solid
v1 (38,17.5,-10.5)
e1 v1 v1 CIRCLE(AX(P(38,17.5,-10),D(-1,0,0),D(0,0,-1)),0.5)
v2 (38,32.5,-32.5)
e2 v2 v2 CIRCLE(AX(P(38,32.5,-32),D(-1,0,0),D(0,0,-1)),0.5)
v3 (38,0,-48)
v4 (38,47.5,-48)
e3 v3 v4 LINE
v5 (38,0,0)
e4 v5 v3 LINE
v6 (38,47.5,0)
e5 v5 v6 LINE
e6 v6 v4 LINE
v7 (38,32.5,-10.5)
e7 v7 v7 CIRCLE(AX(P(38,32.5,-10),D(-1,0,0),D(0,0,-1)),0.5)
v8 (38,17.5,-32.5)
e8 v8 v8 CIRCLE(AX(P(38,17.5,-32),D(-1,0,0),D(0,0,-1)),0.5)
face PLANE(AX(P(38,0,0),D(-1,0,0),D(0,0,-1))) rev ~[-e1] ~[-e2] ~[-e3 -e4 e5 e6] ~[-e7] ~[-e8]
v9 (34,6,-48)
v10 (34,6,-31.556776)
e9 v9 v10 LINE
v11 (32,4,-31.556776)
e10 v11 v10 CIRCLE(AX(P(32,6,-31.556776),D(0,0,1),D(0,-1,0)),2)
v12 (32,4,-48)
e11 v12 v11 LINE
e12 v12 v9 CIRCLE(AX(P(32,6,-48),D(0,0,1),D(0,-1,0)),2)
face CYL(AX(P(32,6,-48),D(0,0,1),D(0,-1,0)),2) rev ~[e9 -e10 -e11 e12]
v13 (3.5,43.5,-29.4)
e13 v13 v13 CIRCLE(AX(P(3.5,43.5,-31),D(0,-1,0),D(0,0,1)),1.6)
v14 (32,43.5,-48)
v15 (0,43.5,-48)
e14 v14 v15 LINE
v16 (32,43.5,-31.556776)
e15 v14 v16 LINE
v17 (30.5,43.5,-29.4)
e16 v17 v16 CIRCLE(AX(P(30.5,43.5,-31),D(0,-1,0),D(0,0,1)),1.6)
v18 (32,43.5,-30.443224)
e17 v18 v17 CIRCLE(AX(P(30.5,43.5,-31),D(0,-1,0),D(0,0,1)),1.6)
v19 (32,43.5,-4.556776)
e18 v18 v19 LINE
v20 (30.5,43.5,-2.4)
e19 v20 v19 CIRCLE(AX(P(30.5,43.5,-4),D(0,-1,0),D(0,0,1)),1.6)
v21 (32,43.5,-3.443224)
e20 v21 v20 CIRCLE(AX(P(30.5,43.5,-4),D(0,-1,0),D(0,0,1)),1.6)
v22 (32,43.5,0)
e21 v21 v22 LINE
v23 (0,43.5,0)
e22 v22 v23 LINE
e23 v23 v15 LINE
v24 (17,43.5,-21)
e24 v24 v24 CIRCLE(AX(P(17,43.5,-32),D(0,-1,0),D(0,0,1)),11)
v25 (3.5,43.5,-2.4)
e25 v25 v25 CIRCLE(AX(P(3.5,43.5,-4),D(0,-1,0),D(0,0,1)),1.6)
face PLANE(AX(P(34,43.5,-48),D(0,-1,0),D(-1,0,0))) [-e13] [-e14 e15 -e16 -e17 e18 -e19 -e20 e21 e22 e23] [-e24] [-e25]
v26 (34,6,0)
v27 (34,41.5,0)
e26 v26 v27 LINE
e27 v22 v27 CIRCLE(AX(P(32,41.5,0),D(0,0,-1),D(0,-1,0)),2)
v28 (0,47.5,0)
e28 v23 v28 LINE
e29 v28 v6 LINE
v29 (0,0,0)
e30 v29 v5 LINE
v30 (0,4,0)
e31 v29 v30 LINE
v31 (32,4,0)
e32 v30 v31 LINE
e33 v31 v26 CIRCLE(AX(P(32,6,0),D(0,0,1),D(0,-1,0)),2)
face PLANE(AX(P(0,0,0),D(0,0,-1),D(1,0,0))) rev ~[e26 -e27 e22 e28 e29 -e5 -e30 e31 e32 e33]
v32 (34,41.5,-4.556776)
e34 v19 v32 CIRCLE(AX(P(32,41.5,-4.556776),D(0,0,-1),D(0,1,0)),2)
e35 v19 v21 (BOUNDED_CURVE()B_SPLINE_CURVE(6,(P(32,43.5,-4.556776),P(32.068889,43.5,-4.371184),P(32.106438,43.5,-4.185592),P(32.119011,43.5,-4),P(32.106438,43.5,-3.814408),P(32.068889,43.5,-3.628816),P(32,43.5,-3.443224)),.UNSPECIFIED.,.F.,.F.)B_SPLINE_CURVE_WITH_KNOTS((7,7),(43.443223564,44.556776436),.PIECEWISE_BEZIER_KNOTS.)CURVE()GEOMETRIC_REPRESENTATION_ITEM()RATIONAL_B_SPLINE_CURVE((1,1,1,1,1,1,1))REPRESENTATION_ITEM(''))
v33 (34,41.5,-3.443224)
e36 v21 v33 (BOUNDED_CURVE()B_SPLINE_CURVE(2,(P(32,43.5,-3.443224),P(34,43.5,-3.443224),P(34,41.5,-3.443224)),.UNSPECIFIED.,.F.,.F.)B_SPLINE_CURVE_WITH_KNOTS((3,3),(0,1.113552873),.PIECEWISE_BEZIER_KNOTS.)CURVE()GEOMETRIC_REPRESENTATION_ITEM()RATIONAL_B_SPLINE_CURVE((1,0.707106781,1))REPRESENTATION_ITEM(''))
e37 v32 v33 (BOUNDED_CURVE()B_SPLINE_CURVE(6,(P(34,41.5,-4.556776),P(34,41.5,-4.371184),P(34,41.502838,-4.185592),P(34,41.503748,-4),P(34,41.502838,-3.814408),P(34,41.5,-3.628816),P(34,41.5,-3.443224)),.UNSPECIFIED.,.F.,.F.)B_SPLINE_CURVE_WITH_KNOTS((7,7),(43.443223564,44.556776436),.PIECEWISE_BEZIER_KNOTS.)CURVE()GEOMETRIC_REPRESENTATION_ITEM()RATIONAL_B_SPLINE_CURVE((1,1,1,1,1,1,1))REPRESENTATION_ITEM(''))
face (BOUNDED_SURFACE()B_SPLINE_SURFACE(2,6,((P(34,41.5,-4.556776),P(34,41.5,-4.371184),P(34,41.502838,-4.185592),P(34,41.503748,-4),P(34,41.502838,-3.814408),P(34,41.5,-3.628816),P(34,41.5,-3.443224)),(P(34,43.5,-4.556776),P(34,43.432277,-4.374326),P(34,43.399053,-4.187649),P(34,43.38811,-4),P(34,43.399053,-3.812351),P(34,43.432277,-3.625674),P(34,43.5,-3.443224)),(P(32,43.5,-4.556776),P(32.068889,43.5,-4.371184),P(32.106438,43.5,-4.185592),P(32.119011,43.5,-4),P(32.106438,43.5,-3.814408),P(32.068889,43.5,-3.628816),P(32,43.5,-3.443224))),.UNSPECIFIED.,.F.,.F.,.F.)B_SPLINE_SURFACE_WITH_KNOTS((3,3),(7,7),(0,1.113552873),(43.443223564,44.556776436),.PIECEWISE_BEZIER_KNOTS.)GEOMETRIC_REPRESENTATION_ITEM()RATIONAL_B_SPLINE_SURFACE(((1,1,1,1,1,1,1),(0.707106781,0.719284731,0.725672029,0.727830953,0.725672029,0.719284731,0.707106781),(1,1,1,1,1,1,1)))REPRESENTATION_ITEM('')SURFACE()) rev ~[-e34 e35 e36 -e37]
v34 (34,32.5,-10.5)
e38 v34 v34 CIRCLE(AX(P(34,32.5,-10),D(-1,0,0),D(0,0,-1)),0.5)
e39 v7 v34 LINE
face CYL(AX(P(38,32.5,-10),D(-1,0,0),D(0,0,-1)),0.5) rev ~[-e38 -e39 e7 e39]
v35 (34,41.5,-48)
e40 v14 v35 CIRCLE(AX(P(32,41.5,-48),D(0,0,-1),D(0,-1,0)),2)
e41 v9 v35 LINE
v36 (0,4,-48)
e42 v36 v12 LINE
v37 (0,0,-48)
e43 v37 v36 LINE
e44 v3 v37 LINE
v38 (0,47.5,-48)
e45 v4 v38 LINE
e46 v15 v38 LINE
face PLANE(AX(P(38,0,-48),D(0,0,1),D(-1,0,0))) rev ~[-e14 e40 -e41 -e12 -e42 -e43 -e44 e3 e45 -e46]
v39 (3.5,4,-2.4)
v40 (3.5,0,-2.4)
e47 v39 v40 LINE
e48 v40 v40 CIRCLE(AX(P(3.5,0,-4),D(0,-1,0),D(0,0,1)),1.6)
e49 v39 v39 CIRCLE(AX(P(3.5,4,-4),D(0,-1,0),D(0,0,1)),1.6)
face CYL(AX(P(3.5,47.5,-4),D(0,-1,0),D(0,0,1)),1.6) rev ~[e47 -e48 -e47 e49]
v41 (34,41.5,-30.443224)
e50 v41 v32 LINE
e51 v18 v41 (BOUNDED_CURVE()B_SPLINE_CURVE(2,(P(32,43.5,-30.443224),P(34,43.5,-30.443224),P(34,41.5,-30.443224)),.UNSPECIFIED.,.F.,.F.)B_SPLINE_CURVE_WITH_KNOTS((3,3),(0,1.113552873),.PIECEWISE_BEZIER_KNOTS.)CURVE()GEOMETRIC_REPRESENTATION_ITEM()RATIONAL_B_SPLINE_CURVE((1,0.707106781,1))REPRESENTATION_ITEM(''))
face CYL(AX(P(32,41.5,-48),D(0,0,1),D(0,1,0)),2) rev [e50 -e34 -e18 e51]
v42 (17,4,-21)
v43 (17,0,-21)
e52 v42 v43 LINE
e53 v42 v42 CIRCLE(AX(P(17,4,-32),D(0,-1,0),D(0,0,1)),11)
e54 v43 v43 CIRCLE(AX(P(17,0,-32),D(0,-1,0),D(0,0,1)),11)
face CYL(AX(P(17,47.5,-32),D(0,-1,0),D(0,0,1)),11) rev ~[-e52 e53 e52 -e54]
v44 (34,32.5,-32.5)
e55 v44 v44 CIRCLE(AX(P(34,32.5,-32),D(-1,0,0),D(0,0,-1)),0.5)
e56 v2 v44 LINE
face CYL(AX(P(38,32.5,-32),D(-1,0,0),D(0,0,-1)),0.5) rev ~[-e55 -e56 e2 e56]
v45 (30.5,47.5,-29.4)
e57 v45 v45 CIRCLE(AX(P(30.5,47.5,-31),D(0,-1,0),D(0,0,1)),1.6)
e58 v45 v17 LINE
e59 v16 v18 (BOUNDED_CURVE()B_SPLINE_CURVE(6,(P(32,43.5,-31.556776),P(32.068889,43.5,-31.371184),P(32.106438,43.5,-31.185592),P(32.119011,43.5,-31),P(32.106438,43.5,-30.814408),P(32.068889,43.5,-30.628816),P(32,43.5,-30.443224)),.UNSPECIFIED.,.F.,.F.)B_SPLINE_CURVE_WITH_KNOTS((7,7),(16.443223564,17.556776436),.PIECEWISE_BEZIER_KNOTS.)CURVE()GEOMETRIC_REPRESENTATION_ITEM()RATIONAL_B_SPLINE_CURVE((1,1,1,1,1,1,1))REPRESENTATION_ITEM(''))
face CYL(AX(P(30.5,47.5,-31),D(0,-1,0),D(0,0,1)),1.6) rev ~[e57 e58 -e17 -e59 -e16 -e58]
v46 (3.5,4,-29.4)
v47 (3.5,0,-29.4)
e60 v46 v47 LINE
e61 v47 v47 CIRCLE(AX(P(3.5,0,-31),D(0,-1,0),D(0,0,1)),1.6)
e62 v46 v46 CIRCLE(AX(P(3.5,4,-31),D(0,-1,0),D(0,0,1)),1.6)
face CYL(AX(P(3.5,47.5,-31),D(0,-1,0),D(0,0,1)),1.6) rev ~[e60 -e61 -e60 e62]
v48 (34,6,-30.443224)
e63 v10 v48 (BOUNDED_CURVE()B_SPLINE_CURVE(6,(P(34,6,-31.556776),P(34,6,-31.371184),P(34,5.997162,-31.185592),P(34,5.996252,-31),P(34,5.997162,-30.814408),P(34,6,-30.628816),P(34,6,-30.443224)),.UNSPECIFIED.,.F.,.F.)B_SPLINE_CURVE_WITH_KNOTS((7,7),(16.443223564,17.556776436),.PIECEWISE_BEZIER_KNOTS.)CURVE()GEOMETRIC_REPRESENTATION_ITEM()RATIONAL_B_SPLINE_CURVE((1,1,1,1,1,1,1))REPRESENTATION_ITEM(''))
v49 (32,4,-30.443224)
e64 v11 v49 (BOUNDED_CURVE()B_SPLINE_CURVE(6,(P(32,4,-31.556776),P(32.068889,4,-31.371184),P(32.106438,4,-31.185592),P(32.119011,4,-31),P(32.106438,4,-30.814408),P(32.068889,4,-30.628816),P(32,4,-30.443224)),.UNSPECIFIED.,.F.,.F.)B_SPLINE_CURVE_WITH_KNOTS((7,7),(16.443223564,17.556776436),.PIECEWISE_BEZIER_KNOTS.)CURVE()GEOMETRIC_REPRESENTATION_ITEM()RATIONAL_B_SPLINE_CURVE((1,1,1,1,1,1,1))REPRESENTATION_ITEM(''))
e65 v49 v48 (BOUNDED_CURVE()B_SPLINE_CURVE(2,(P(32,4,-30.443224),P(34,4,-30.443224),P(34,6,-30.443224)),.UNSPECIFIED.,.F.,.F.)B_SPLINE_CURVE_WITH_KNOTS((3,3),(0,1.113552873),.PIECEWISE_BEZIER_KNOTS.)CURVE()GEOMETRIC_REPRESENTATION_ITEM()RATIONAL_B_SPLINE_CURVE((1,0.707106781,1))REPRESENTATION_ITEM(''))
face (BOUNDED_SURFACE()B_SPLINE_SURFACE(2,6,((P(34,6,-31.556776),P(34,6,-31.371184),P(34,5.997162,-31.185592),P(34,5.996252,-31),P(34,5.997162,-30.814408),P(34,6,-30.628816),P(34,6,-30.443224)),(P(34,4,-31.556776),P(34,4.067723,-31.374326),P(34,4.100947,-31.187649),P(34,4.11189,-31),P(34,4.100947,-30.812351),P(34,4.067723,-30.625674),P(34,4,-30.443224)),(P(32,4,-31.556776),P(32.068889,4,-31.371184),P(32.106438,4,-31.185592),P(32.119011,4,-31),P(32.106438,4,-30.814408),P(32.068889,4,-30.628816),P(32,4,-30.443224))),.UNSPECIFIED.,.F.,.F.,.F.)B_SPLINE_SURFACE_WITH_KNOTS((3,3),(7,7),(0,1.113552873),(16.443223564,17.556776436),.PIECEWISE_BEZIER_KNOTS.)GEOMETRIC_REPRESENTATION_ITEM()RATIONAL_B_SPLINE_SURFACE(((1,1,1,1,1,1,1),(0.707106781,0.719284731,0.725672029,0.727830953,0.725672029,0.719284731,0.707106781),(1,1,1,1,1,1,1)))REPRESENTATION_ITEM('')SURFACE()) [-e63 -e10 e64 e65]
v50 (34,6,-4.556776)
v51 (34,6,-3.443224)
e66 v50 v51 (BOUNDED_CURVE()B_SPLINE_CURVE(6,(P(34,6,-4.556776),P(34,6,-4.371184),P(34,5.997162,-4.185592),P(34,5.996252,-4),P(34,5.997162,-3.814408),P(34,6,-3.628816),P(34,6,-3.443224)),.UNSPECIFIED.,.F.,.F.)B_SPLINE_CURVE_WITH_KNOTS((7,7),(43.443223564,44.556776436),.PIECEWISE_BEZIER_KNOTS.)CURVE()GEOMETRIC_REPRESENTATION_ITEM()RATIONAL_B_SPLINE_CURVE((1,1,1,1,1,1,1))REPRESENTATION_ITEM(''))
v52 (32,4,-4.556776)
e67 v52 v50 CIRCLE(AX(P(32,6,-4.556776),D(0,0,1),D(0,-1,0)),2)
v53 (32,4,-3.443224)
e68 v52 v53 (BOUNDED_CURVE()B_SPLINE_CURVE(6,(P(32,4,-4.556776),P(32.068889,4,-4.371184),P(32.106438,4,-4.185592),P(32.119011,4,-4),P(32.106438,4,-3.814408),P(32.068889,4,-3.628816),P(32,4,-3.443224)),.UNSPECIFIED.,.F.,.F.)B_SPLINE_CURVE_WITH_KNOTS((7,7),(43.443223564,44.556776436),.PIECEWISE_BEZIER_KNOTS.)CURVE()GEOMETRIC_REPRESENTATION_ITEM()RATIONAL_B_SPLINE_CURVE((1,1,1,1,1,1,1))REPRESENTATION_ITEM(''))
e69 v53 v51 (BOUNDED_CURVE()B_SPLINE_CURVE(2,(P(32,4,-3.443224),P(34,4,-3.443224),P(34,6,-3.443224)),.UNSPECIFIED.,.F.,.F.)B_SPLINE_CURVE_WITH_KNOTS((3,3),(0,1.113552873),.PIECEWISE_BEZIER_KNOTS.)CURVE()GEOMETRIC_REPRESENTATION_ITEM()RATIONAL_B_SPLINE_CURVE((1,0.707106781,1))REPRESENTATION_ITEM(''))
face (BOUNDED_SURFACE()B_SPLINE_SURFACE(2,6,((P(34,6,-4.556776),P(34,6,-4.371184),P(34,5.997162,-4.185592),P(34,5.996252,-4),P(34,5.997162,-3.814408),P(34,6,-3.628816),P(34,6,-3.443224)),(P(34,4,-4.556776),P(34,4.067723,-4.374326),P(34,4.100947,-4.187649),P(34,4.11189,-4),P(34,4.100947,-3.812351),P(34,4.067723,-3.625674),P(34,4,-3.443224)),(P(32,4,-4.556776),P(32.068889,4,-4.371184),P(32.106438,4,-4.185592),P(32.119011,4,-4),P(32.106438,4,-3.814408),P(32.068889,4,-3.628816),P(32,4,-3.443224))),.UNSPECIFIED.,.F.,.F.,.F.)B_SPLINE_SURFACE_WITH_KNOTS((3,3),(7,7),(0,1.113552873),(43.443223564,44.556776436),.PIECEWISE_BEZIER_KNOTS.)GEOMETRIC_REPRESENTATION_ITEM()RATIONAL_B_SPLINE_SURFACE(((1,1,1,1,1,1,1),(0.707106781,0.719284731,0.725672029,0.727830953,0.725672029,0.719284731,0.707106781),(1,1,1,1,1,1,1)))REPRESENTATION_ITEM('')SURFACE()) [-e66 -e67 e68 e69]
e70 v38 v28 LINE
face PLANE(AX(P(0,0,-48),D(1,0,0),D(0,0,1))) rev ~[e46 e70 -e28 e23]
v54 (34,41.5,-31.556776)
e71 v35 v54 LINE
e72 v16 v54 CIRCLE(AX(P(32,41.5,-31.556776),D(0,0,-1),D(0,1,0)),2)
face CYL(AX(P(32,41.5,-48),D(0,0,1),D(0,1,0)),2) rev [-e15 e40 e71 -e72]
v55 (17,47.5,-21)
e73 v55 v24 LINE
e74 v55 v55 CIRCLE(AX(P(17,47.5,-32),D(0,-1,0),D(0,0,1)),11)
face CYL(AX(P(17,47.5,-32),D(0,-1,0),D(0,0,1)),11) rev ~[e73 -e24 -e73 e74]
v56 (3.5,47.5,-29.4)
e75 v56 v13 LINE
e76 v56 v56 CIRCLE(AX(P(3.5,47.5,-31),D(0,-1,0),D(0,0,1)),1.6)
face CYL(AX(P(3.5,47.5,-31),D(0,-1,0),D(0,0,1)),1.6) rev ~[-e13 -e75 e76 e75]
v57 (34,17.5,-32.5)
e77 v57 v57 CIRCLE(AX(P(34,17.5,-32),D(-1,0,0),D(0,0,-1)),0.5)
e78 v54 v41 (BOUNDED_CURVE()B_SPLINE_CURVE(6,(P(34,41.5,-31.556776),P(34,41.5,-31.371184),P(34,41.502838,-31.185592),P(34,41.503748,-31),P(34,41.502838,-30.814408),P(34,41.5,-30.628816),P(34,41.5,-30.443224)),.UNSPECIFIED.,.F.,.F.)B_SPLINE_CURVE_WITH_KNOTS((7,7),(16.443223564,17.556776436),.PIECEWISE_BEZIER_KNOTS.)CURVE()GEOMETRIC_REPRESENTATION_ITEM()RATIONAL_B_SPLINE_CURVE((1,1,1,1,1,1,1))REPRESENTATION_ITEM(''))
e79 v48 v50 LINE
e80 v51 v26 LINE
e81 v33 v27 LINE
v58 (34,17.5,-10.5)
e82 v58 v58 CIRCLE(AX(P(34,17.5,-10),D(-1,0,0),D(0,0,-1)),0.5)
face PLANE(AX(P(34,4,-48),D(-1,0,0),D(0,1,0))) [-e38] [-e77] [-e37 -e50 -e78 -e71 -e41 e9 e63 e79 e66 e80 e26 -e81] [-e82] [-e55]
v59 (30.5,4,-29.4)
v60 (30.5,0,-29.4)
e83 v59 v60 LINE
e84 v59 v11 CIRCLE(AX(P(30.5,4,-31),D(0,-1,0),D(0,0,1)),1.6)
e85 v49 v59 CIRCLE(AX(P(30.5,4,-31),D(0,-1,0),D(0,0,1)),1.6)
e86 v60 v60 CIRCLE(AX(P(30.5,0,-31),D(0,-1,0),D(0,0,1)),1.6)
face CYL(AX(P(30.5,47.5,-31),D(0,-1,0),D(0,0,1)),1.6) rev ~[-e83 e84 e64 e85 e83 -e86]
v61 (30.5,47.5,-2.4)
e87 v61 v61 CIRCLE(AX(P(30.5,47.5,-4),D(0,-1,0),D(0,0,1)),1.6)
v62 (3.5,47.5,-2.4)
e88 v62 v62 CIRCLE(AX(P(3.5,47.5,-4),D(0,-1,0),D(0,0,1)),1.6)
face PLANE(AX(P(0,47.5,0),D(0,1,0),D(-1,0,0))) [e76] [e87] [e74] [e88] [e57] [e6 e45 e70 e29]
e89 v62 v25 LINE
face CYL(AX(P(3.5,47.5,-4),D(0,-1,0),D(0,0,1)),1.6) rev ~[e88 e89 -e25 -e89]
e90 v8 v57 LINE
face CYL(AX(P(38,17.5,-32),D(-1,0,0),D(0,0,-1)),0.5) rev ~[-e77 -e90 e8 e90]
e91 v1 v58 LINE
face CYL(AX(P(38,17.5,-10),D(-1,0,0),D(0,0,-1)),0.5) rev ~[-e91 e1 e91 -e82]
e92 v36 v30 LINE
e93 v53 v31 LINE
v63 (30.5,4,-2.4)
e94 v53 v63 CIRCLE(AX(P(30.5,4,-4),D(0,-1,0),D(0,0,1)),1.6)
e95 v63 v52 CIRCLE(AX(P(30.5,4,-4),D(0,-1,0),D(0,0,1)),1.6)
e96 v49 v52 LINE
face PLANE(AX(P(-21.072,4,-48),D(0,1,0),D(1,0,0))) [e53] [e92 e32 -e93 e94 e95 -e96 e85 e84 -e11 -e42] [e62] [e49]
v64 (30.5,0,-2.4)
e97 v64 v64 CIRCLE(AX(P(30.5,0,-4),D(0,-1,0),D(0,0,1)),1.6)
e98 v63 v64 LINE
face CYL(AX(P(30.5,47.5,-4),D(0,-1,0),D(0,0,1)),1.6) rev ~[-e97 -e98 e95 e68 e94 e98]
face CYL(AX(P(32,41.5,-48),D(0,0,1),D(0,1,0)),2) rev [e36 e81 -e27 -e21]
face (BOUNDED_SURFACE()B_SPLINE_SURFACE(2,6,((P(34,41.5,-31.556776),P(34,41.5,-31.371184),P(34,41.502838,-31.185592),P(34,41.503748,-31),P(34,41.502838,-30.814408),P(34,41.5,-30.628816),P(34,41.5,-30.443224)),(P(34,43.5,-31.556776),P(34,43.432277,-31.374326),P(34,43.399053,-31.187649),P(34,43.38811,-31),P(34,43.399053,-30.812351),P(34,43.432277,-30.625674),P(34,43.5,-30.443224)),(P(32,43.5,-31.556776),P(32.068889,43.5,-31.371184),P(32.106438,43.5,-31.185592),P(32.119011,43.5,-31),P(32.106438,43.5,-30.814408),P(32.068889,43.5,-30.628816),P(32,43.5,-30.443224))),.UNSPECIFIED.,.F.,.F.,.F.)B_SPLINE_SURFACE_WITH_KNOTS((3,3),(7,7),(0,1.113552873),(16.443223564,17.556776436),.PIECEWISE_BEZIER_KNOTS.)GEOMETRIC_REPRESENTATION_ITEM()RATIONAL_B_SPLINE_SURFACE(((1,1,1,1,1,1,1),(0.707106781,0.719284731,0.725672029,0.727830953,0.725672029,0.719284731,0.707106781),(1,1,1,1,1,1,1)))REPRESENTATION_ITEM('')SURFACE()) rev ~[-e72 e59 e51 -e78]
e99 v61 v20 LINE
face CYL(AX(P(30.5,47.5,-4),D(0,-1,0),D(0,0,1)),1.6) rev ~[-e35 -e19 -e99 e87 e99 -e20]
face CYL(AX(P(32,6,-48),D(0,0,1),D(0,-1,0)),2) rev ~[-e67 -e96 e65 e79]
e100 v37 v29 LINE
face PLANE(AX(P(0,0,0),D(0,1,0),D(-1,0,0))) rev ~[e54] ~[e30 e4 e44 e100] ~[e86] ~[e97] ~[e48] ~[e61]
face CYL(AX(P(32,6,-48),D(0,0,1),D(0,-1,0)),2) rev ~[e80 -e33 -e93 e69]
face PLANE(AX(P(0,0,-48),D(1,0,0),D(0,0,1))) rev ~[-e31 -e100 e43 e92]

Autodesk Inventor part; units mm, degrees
ref_plane "YZ Plane" through (0, 0, 0) normal (1, 0, 0) x (0, 1, 0)
ref_plane "XZ Plane" through (0, 0, 0) normal (0, 1, 0) x (-1, 0, 0)
ref_plane "XY Plane" through (0, 0, 0) normal (0, 0, 1) x (1, 0, 0)
sketch "スケッチ1" plane through (0, 0, 0) normal (0, 1, 0) x (-1, 0, 0)
  line L0 (0, 0) -> (-38, 0)
  line L1 (-38, 0) -> (-38, -48)
  line L2 (-38, -48) -> (0, -48)
  line L3 (0, -48) -> (0, 0)
  dimension "d0" = 48
  dimension "d1" = 38
extrude "押し出し1" add sketch "スケッチ1" along normal blind 47.5
sketch "スケッチ2" plane through (38, 0, -48) normal (0, 0, -1) x (-1, 0, 0)
  line L0 (4, 43.5) -> (59.072, 43.5)
  line L1 (59.072, 43.5) -> (59.072, 4)
  line L2 (59.072, 4) -> (4, 4)
  line L3 (4, 4) -> (4, 43.5)
  line L4 (0, 47.5) -> (38, 47.5) projected
  line L5 (0, 0) -> (38, 0) projected
  line L6 (0, 0) -> (0, 47.5) projected
  dimension "d4" = 39.5
  dimension "d6" = 4
  dimension "d7" = 4
extrude "押し出し2" cut sketch "スケッチ2" against normal blind 100
sketch "スケッチ3" plane through (0, 47.5, 0) normal (0, 1, 0) x (1, 0, 0)
  line L0 (38, 48) -> (0, 48) projected
  line L1 (38, 0) -> (38, 48) projected
  point P0 (0, 0)
  point P1 (17, 32)
  dimension "d10" = 16
  dimension "d11" = 21
hole "穴1" at (17, 47.5, -32) direction (0, -1, 0) diameter 22 end through all
sketch "スケッチ4" plane through (0, 47.5, 0) normal (0, 1, 0) x (1, 0, 0)
  line L0 (0, 0) -> (38, 0) projected
  line L1 (38, 0) -> (38, 48) projected
  point P0 (30.5, 4)
  point P1 (30.5, 31)
  point P2 (3.5, 4)
  point P3 (3.5, 31)
  point P4 (3.5, 4)
  dimension "d19" = 4
  dimension "d20" = 7.5
  dimension "d23" = 27
  dimension "d26" = 27
hole "穴2" at (30.5, 47.5, -4) at (30.5, 47.5, -31) at (3.5, 47.5, -31) at (3.5, 47.5, -4) direction (0, -1, 0) diameter 3.2 end through all
sketch "スケッチ6" plane through (38, 0, 0) normal (1, 0, 0) x (0, 0, -1)
  line L0 (0, 47.5) -> (48, 47.5) projected
  line L1 (0, 0) -> (0, 47.5) projected
  point P0 (10, 32.5)
  point P1 (32, 32.5)
  point P2 (10, 17.5)
  point P3 (32, 17.5)
  dimension "d45" = 15
  dimension "d46" = 10
  dimension "d49" = 22
  dimension "d52" = 15
hole "穴4" at (38, 32.5, -10) at (38, 32.5, -32) at (38, 17.5, -10) at (38, 17.5, -32) direction (-1, 0, 0) diameter 1 end through all
fillet "フィレット1" radius 2 2 edges at (34, 4, -24) (34, 43.5, -24)
properties part number "サーボモータ固定２軸"
